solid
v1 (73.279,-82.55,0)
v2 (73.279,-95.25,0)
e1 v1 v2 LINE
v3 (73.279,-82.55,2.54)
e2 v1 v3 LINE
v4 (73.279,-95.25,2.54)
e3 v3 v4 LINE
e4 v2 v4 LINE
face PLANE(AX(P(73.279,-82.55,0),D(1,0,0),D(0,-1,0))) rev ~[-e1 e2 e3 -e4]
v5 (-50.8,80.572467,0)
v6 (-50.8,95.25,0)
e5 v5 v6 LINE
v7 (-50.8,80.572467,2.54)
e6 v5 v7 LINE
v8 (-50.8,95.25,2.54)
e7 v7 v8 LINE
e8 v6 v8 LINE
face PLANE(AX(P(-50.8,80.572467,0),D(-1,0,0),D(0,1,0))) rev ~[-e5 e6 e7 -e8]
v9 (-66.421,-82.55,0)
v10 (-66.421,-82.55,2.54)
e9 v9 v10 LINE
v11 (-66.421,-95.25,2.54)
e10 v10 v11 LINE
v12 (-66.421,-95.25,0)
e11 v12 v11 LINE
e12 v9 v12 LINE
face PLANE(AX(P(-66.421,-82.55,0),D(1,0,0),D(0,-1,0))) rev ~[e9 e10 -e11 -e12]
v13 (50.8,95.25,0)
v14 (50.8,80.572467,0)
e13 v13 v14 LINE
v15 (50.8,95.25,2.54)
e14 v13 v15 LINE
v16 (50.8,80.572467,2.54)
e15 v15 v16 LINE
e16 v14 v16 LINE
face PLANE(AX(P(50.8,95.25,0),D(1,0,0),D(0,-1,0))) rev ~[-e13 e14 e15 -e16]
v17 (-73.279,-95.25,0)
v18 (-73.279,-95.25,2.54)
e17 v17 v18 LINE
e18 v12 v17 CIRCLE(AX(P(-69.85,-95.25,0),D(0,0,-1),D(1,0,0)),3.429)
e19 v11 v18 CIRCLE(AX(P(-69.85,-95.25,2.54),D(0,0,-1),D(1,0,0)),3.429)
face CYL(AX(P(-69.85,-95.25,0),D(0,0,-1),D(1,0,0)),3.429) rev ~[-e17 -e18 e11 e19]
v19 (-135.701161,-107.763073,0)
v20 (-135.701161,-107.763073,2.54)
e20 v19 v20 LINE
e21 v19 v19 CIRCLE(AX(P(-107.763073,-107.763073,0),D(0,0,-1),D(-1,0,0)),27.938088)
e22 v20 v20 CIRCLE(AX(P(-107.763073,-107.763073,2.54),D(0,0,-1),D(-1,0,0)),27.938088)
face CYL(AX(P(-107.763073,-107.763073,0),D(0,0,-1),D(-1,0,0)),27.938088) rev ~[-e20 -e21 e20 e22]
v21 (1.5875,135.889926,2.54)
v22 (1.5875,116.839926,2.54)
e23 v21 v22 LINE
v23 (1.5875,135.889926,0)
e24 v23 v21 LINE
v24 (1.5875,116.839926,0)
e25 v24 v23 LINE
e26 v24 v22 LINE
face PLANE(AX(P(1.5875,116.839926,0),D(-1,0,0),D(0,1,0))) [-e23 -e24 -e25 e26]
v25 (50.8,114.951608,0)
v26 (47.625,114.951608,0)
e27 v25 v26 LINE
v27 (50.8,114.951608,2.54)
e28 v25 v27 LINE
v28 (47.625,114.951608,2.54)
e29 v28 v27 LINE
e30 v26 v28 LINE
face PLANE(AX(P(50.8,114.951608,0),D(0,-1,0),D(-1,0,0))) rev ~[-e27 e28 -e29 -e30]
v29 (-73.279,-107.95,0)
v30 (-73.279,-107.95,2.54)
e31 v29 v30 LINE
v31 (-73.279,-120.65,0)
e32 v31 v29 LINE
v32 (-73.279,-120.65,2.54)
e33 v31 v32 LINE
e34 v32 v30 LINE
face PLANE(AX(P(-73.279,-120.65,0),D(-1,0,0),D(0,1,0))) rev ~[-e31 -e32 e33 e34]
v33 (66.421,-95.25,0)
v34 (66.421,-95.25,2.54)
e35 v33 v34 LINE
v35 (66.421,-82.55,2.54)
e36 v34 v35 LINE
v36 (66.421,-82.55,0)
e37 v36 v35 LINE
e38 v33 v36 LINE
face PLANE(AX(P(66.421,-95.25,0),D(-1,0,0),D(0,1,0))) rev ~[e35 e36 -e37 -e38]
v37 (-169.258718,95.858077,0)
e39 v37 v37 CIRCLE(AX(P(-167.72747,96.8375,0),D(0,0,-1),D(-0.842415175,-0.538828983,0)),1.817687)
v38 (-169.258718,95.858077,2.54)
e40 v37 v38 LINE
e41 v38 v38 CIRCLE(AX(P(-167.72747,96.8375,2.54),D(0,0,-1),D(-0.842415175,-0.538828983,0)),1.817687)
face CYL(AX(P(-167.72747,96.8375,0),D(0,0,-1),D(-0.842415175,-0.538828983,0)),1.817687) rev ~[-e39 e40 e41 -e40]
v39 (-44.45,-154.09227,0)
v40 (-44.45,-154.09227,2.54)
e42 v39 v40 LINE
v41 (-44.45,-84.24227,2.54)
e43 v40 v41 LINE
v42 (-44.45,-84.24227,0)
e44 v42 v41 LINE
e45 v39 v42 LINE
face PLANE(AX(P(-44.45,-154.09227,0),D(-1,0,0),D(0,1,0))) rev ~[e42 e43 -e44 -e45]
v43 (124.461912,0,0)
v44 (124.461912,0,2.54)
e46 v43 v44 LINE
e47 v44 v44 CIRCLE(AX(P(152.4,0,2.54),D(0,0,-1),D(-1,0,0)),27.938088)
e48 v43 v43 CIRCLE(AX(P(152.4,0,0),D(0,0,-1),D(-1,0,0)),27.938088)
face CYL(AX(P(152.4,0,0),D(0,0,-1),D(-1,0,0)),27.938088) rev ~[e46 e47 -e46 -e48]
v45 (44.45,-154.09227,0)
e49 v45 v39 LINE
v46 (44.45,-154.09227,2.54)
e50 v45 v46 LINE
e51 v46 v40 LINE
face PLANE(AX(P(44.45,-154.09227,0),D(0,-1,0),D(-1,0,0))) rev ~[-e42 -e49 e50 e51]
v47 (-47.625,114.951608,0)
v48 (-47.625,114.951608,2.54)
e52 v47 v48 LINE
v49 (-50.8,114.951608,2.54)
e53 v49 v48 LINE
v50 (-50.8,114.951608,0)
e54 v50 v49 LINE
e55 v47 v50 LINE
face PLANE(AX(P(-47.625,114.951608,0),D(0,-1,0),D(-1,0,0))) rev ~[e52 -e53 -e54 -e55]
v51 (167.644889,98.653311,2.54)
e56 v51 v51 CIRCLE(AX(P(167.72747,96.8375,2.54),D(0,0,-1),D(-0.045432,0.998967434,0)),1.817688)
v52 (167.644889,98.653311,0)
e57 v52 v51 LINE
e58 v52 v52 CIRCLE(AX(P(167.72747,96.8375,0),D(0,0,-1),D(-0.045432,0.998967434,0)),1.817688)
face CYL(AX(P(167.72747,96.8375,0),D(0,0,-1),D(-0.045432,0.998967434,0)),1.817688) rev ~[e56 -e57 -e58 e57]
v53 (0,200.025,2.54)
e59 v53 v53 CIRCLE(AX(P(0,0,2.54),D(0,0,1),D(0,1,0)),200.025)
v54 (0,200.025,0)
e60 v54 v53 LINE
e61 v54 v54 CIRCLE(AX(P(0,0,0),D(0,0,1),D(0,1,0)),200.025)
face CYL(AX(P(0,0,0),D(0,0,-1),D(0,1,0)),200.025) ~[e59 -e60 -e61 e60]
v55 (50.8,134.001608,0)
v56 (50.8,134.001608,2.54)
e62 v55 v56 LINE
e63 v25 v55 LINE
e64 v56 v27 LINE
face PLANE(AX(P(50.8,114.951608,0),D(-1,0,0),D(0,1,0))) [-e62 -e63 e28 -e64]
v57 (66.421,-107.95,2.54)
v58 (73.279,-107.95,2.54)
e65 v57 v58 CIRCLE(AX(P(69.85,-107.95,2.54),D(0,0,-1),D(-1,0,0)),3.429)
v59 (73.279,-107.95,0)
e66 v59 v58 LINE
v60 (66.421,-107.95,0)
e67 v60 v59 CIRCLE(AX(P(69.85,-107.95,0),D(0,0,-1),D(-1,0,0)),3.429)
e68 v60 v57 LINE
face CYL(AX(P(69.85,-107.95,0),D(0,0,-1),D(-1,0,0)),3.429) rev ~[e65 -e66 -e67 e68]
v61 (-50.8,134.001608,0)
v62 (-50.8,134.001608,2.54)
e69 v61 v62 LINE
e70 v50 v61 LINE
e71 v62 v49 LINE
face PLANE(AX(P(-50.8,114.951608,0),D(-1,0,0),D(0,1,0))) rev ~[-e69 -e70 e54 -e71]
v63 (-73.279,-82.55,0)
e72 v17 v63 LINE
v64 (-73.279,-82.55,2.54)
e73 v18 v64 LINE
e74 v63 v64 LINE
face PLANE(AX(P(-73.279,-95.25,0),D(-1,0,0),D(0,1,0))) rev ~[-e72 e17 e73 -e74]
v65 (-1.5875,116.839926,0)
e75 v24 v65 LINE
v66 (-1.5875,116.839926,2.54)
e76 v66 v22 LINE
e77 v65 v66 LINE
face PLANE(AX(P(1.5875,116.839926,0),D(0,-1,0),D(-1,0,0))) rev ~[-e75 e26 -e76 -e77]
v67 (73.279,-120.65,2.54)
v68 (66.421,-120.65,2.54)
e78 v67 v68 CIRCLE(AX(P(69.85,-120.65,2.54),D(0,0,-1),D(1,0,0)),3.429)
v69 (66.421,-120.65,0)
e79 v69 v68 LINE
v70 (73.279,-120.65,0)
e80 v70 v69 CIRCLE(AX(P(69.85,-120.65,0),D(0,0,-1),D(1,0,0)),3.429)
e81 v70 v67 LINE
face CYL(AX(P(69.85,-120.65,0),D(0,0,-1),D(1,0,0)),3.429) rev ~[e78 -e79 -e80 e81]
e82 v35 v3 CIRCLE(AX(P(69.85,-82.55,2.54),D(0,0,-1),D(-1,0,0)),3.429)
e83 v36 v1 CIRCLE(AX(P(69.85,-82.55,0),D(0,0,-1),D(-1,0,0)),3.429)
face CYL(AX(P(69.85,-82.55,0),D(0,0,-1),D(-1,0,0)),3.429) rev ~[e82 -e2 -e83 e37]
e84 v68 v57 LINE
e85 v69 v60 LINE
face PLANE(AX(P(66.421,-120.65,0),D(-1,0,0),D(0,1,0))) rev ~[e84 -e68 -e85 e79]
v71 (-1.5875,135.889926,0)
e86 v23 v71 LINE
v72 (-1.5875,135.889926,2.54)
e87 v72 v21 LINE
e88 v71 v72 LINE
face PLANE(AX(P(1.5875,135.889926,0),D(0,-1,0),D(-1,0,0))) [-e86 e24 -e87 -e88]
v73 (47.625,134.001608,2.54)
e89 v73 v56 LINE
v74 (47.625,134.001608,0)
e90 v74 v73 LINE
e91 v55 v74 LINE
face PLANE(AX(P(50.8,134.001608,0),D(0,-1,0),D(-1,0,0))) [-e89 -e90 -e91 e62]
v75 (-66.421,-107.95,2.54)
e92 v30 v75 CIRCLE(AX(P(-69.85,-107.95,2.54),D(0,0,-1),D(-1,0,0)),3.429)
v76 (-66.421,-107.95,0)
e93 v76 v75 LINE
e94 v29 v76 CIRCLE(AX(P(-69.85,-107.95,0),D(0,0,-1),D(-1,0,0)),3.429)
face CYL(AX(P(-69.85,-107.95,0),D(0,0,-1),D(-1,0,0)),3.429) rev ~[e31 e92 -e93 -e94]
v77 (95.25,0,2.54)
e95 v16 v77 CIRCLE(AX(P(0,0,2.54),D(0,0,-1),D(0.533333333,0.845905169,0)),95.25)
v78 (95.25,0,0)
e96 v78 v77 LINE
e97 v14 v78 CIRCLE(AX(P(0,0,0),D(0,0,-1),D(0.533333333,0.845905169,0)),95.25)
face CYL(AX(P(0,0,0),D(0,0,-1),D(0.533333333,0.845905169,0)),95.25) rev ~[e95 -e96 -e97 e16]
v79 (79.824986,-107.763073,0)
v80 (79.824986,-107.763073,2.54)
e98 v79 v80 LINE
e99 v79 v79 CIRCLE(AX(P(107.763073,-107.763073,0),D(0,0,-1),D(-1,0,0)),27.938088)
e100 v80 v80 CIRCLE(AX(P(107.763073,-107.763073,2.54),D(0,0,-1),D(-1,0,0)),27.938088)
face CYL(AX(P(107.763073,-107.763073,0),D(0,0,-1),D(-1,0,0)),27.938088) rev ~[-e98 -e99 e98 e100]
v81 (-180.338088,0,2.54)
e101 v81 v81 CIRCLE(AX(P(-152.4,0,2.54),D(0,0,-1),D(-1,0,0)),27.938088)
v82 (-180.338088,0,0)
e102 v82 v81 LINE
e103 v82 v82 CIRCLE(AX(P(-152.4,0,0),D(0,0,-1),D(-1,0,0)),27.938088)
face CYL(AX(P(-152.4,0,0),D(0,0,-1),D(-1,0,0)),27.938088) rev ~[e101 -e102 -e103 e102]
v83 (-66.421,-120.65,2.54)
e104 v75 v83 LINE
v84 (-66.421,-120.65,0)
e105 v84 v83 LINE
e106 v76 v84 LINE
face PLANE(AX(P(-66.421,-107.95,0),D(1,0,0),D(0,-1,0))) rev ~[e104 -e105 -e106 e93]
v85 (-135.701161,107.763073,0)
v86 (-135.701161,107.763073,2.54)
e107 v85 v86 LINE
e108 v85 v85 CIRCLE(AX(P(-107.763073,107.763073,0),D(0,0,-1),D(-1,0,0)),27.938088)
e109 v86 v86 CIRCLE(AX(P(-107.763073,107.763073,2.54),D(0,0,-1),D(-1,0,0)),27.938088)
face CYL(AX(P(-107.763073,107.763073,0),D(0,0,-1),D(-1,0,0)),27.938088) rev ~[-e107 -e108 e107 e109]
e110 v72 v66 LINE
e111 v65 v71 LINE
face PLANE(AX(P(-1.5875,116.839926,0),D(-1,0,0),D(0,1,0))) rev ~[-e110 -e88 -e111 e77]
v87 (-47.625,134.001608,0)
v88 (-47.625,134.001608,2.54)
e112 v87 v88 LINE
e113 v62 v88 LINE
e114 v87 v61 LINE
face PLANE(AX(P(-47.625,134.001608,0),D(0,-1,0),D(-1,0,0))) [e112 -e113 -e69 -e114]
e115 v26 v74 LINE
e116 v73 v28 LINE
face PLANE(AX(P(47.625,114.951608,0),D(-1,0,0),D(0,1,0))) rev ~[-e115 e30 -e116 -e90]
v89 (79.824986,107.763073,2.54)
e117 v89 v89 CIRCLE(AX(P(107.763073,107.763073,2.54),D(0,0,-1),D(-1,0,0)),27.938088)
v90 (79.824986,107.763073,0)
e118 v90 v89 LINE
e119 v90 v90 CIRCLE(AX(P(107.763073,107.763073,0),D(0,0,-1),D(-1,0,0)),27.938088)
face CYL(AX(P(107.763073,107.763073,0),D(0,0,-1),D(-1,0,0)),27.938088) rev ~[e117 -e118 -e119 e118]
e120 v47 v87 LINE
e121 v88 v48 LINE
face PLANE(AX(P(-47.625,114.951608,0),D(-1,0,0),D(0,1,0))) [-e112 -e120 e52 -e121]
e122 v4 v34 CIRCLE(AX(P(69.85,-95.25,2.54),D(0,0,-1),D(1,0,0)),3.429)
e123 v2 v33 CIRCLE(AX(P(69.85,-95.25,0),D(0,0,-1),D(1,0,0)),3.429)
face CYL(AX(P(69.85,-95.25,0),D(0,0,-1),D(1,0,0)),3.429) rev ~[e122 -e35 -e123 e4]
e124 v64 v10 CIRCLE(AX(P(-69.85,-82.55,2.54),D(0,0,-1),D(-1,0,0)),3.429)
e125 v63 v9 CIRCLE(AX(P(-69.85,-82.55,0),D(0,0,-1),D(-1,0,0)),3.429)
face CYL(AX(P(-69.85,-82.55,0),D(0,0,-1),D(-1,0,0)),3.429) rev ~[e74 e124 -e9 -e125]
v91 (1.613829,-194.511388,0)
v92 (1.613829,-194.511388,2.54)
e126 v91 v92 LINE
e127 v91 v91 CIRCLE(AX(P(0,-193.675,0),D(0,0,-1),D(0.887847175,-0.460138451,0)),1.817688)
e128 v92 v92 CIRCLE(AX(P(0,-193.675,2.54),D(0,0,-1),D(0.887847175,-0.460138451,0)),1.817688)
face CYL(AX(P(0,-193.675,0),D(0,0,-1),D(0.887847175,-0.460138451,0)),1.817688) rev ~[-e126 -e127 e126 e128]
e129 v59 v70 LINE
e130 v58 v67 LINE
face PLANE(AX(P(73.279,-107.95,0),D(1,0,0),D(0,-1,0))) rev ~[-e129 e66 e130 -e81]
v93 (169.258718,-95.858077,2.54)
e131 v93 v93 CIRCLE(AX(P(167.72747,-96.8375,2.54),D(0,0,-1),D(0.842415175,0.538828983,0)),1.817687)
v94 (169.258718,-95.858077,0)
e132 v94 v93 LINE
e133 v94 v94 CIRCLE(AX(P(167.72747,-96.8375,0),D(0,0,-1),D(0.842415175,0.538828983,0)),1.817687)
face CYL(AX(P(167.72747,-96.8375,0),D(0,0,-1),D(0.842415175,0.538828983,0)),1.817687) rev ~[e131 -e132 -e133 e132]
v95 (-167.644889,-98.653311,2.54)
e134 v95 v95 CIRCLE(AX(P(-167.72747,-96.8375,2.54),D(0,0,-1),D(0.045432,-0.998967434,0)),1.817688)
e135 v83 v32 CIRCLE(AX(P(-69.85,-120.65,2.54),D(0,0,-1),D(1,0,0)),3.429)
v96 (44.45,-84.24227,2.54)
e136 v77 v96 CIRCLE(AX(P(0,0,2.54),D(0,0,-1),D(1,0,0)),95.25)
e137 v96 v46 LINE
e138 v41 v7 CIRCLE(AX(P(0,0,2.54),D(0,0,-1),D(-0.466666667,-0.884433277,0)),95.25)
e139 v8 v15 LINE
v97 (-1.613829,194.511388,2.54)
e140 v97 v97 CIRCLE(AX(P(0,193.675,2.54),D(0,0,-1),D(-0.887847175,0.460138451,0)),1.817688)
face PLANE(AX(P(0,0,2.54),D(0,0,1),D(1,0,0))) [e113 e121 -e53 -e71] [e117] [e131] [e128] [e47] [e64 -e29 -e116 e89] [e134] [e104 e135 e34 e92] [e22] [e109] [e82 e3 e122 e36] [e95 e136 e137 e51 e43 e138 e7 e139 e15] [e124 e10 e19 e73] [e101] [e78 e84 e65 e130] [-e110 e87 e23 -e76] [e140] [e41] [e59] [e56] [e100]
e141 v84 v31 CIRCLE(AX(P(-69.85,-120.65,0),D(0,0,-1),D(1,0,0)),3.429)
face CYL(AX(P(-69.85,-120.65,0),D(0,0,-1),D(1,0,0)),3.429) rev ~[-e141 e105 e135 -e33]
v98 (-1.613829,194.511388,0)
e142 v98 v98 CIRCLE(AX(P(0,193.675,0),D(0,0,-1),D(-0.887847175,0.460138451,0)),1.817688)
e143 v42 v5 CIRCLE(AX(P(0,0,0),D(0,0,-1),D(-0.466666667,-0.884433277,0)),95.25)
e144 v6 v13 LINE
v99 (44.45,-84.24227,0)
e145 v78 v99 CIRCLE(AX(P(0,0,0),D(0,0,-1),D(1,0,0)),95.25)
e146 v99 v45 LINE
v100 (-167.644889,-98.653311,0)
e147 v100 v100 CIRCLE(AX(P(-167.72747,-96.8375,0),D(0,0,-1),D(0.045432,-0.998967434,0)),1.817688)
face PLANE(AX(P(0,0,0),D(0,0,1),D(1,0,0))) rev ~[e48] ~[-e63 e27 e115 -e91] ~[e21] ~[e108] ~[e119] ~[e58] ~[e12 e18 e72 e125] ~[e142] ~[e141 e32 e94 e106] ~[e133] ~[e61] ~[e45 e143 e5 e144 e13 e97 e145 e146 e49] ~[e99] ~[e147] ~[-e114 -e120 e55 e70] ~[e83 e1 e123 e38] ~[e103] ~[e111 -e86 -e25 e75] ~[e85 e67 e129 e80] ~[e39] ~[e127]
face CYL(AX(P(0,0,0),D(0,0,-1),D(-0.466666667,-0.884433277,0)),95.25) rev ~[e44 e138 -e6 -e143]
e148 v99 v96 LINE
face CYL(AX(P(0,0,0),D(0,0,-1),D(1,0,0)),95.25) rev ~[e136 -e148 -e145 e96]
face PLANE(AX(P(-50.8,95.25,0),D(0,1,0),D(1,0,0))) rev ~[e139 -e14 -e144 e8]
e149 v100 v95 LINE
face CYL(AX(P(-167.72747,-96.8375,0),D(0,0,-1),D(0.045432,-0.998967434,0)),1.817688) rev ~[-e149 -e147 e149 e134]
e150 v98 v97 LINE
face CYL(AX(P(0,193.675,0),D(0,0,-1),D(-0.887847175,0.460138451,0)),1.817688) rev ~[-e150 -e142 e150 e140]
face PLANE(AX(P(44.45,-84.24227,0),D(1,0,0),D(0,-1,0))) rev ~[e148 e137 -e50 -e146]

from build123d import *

# Parameters (mm, degrees)
BOSS_EXTRUDE1_DEPTH = 2.54
SKETCH5_W           = 3.175
SKETCH5_H           = 19.05
CUT_EXTRUDE1_DEPTH  = 3.175
SKETCH6_R           = 27.938087672
CUT_EXTRUDE2_DEPTH  = 3.175


with BuildPart() as part:
    # Sketch2 → Boss-Extrude1 (new body)
    with BuildSketch(Plane.XY):
        with BuildLine():
            ThreePointArc((0, -200.025), (200.025, 0), (0, 200.025))
            ThreePointArc((0, 200.025), (-200.025, 0), (0, -200.025))
        make_face()
        with BuildLine():
            ThreePointArc((-73.279, -107.95), (-69.85, -104.521), (-66.421, -107.95))
            Line((-66.421, -107.95), (-66.421, -120.65))
            ThreePointArc((-66.421, -120.65), (-69.85, -124.079), (-73.279, -120.65))
            Line((-73.279, -120.65), (-73.279, -107.95))
        make_face(mode=Mode.SUBTRACT)
        with BuildLine():
            ThreePointArc((-167.810051257, -95.021689383), (-165.911659461, -96.754918821), (-167.644888899, -98.653310617))
            ThreePointArc((-167.644888899, -98.653310617), (-169.543280695, -96.920081179), (-167.810051257, -95.021689383))
        make_face(mode=Mode.SUBTRACT)
        with BuildLine():
            ThreePointArc((-73.279, -82.55), (-69.85, -79.121), (-66.421, -82.55))
            Line((-66.421, -82.55), (-66.421, -95.25))
            ThreePointArc((-66.421, -95.25), (-69.85, -98.679), (-73.279, -95.25))
            Line((-73.279, -95.25), (-73.279, -82.55))
        make_face(mode=Mode.SUBTRACT)
        with BuildLine():
            ThreePointArc((-1.613828712, -192.83861209), (0.83638791, -192.061171288), (1.613828712, -194.51138791))
            ThreePointArc((1.613828712, -194.51138791), (-0.83638791, -195.288828712), (-1.613828712, -192.83861209))
        make_face(mode=Mode.SUBTRACT)
        with BuildLine():
            ThreePointArc((66.421, -107.95), (69.85, -104.521), (73.279, -107.95))
            Line((73.279, -107.95), (73.279, -120.65))
            ThreePointArc((73.279, -120.65), (69.85, -124.079), (66.421, -120.65))
            Line((66.421, -120.65), (66.421, -107.95))
        make_face(mode=Mode.SUBTRACT)
        with BuildLine():
            ThreePointArc((66.421, -82.55), (69.85, -79.121), (73.279, -82.55))
            Line((73.279, -82.55), (73.279, -95.25))
            ThreePointArc((73.279, -95.25), (69.85, -98.679), (66.421, -95.25))
            Line((66.421, -95.25), (66.421, -82.55))
        make_face(mode=Mode.SUBTRACT)
        with BuildLine():
            Line((-44.45, -154.092269675), (-44.45, -84.242269675))
            ThreePointArc((-44.45, -84.242269675), (-95.179383339, -3.667081567), (-50.8, 80.572467382))
            Line((-50.8, 80.572467382), (-50.8, 95.25))
            Line((-50.8, 95.25), (2.71e-07, 95.25))
            Line((2.71e-07, 95.25), (50.8, 95.25))
            Line((50.8, 95.25), (50.8, 80.572467382))
            ThreePointArc((50.8, 80.572467382), (83.400427157, 46.010121169), (95.25, 0))
            ThreePointArc((95.25, 0), (81.567226875, -49.186888497), (44.45, -84.242269675))
            Line((44.45, -84.242269675), (44.45, -154.092269675))
            Line((44.45, -154.092269675), (-44.45, -154.092269675))
        make_face(mode=Mode.SUBTRACT)
        with BuildLine():
            ThreePointArc((166.196222545, -97.816922707), (166.748047371, -95.306252467), (169.258717611, -95.858077293))
            ThreePointArc((169.258717611, -95.858077293), (168.706892785, -98.368747533), (166.196222545, -97.816922707))
        make_face(mode=Mode.SUBTRACT)
        with BuildLine():
            ThreePointArc((-166.196222545, 97.816922707), (-166.748047371, 95.306252467), (-169.258717611, 95.858077293))
            ThreePointArc((-169.258717611, 95.858077293), (-168.706892785, 98.368747533), (-166.196222545, 97.816922707))
        make_face(mode=Mode.SUBTRACT)
        with BuildLine():
            ThreePointArc((1.613828712, 192.83861209), (-0.83638791, 192.061171288), (-1.613828712, 194.51138791))
            ThreePointArc((-1.613828712, 194.51138791), (0.83638791, 195.288828712), (1.613828712, 192.83861209))
        make_face(mode=Mode.SUBTRACT)
        with BuildLine():
            ThreePointArc((167.810051257, 95.021689383), (165.911659461, 96.754918821), (167.644888899, 98.653310617))
            ThreePointArc((167.644888899, 98.653310617), (169.543280695, 96.920081179), (167.810051257, 95.021689383))
        make_face(mode=Mode.SUBTRACT)
    extrude(amount=BOSS_EXTRUDE1_DEPTH)

    # Sketch5 → Cut-Extrude1 (cut)
    with BuildSketch(Plane(origin=(0, 0, 0), x_dir=(-1, 0, 0), z_dir=(0, 0, -1))):
        with Locations((49.2125, 124.476608207)):
            Rectangle(SKETCH5_W, SKETCH5_H)
        with Locations((0, 126.364925979)):
            Rectangle(SKETCH5_W, SKETCH5_H)
        with Locations((-49.2125, 124.476608207)):
            Rectangle(SKETCH5_W, SKETCH5_H)
    extrude(amount=-CUT_EXTRUDE1_DEPTH, mode=Mode.SUBTRACT)

    # Sketch6 → Cut-Extrude2 (cut)
    with BuildSketch(Plane(origin=(0, 0, 0), x_dir=(-1, 0, 0), z_dir=(0, 0, -1))):
        with Locations((-152.4, 0)):
            Circle(SKETCH6_R)
        with Locations((-107.763073453, 107.763073453)):
            Circle(SKETCH6_R)
        with Locations((107.763073453, 107.763073453)):
            Circle(SKETCH6_R)
        with Locations((152.4, 0)):
            Circle(SKETCH6_R)
        with Locations((107.763073453, -107.763073453)):
            Circle(SKETCH6_R)
        with Locations((-107.763073453, -107.763073453)):
            Circle(SKETCH6_R)
    extrude(amount=-CUT_EXTRUDE2_DEPTH, mode=Mode.SUBTRACT)


solid = part.part
